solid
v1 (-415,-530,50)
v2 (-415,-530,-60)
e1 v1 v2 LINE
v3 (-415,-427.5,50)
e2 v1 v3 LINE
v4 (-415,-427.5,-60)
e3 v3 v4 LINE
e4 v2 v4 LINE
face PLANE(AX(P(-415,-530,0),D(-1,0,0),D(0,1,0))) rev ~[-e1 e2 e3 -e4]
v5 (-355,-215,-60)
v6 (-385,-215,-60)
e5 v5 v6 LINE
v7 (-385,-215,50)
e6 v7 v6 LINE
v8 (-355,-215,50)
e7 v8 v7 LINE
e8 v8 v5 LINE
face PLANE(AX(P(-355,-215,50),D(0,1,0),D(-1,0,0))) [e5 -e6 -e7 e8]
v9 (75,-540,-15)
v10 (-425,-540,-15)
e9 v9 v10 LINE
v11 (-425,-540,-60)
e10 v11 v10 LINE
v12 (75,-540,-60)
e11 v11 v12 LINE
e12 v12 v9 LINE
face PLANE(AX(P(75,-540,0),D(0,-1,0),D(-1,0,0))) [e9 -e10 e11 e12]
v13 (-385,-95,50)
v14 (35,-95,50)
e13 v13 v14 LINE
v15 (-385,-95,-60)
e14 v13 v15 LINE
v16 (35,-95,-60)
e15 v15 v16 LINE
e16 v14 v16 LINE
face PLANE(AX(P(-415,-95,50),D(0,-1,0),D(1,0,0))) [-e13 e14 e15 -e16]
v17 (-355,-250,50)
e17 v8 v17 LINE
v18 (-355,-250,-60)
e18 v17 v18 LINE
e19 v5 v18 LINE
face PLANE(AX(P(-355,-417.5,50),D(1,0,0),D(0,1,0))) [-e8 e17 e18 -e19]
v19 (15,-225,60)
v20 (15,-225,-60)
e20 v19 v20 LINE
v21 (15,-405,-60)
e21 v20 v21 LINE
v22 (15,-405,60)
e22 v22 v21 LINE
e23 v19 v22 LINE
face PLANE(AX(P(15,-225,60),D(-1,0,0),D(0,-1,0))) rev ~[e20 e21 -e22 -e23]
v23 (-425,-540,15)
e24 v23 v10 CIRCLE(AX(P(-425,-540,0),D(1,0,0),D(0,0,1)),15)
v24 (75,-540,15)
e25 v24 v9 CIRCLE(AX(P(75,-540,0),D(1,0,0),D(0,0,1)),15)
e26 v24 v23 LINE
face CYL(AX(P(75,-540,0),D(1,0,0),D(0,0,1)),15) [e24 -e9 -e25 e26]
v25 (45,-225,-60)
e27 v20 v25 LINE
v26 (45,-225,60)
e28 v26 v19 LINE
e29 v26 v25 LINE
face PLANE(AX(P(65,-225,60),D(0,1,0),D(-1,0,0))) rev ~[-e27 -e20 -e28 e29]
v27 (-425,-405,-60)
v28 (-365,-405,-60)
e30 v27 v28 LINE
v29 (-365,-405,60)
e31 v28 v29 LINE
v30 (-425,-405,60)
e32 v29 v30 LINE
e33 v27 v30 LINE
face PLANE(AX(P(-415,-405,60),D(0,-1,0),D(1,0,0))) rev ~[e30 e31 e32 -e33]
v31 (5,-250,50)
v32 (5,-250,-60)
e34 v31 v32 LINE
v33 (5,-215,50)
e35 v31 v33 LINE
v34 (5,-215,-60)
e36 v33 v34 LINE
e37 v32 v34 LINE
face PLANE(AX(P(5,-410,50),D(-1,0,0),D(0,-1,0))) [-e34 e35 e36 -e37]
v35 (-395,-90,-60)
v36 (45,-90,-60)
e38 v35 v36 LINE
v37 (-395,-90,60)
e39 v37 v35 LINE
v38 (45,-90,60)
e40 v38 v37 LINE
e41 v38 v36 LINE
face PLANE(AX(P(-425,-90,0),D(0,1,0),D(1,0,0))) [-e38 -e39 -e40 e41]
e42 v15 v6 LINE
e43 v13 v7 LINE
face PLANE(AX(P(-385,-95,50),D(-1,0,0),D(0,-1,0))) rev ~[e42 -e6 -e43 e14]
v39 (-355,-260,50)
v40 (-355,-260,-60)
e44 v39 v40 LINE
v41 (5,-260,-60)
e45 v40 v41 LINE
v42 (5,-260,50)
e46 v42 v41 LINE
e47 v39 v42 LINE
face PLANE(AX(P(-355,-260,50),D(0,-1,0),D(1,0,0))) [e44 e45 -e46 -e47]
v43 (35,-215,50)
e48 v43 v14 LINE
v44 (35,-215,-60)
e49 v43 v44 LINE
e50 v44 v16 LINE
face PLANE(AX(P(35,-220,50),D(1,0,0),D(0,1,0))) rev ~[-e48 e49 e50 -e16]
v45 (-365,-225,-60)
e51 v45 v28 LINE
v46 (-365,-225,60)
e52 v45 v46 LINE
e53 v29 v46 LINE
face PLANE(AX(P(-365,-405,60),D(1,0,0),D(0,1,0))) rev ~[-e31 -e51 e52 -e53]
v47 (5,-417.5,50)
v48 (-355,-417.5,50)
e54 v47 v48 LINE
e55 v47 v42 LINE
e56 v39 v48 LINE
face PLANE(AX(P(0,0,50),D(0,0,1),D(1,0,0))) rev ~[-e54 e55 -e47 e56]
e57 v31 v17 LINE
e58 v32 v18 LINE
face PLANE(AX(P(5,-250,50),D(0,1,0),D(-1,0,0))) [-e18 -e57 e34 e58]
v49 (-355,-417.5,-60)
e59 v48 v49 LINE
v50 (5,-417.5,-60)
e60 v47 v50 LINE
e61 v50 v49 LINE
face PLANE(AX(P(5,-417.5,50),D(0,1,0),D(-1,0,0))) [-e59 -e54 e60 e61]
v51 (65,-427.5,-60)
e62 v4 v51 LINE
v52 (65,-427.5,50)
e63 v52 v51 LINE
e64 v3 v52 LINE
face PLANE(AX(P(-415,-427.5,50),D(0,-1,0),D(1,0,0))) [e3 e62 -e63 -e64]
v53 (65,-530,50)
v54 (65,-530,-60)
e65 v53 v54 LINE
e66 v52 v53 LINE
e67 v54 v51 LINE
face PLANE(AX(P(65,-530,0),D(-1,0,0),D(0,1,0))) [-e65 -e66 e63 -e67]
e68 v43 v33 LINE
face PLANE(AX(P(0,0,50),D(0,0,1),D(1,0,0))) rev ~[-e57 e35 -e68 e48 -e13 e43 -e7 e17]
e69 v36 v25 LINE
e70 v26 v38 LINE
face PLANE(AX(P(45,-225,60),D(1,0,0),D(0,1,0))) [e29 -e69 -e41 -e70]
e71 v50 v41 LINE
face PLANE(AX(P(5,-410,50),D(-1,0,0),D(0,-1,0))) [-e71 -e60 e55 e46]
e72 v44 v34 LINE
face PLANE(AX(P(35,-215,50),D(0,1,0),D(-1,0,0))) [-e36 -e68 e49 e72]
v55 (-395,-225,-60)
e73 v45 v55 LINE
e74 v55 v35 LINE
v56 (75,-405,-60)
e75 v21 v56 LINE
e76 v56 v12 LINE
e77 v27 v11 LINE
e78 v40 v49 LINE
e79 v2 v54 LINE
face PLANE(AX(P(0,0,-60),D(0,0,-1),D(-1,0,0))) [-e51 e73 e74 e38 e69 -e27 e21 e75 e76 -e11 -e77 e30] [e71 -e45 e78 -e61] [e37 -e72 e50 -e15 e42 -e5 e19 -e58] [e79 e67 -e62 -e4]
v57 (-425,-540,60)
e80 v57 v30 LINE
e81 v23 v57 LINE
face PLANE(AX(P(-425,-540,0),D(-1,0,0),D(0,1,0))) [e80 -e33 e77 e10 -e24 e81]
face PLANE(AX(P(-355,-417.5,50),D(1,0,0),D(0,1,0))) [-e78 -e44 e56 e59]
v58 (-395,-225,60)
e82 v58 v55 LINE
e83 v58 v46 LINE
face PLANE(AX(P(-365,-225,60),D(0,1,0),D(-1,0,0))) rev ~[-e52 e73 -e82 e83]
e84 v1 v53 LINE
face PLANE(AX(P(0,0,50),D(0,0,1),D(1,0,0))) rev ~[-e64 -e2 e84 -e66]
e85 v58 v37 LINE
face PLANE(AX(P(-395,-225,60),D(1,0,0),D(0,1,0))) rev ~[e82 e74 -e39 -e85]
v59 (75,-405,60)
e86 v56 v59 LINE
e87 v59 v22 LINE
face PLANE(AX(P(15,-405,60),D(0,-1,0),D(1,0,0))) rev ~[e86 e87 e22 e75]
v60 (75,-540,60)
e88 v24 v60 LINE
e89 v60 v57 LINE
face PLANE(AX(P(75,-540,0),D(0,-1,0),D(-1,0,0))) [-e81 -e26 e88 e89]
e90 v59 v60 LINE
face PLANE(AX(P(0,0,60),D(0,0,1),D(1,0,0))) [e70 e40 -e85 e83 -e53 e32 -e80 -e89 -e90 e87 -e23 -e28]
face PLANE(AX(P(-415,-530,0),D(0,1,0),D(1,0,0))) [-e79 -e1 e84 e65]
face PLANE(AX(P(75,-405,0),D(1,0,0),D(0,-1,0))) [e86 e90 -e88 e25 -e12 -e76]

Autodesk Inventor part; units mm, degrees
ref_plane "YZ Plane" through (0, 0, 0) normal (1, 0, 0) x (0, 1, 0)
ref_plane "XZ Plane" through (0, 0, 0) normal (0, 1, 0) x (-1, 0, 0)
ref_plane "XY Plane" through (0, 0, 0) normal (0, 0, 1) x (1, 0, 0)
ref_plane "РабПлоскость1" through (519.783, -178.5074, 484.3845) normal (-0.0032, 1, 0.0035) x (-0.0024, 0.0035, -1)
sketch "Эскиз1" plane through (0, 0, 0) normal (0, 0, 1) x (-1, 0, 0)
  line L0 (0, 0) -> (0, 90)
  line L1 (0, 90) -> (-25, 90)
  line L2 (-25, 90) -> (-75, 90)
  line L3 (-75, 90) -> (-75, 540)
  line L4 (-75, 540) -> (425, 540)
  line L5 (425, 540) -> (425, 90)
  line L6 (425, 90) -> (-75, 90)
  line L7 (175, 315) -> (425, 315)
  line L8 (175, 315) -> (-75, 315)
  line L9 (425, 315) -> (425, 405)
  line L10 (425, 405) -> (365, 405)
  line L11 (365, 405) -> (365, 225)
  line L12 (365, 225) -> (425, 225)
  line L13 (-75, 315) -> (-75, 405)
  line L14 (-75, 405) -> (-15, 405)
  line L15 (-15, 405) -> (-15, 225)
  line L16 (-15, 225) -> (-75, 225)
  line L17 (0, 90) -> (0, 100)
  line L18 (0, 100) -> (-65, 100)
  line L19 (0, 100) -> (415, 100)
  line L20 (425, 540) -> (415, 540)
  line L21 (415, 530) -> (415, 100)
  line L22 (425, 540) -> (425, 530)
  line L23 (415, 530) -> (-65, 530)
  line L24 (-75, 540) -> (-65, 540)
  line L25 (-65, 530) -> (-65, 100)
  point P0 (415, 405)
  point P1 (-65, 405)
  point P2 (-65, 225)
  point P3 (415, 225)
  dimension "d0" = 90
  dimension "d1" = 25
  dimension "d2" = 50
  dimension "d3" = 450
  dimension "d4" = 500
  dimension "d5" = 90
  dimension "d6" = 60
  dimension "d7" = 180
  dimension "d8" = 60
  dimension "d35" = 10
  dimension "d36" = 10
  dimension "d37" = 10
ref_plane "РабПлоскость2" through (0, 0, 60) normal (0, 0, 1) x (1, 0, 0)
extrude "Выдавливание6" add sketch "Эскиз1" along normal mid plane 120 contours L17 L19 L21 L12 L5 L6 | L1 L2 L3 L16 L25 L18 L17 | L10 L21 L23 L25 L14 L3 L4 L5
sketch "Эскиз7" plane through (0, 0, 60) normal (0, 0, 1) x (1, 0, 0)
  line L0 (-415, -100) -> (65, -100) projected
  line L1 (-415, -100) -> (65, -100)
  line L2 (65, -225) -> (75, -225) projected
  line L3 (65, -100) -> (65, -225)
  line L4 (65, -225) -> (15, -225)
  line L5 (15, -225) -> (15, -405)
  line L6 (15, -405) -> (65, -405)
  line L7 (-415, -530) -> (65, -530) projected
  line L8 (65, -405) -> (65, -530)
  line L9 (65, -530) -> (-415, -530)
  line L10 (-415, -530) -> (-415, -405)
  line L11 (-415, -225) -> (-415, -100)
  line L12 (-415, -405) -> (-365, -405)
  line L13 (-365, -405) -> (-365, -225)
  line L14 (-365, -225) -> (-415, -225)
  point P0 (0, 0)
  dimension "d40" = 50
  dimension "d41" = 180
  dimension "d43" = 50
extrude "Выдавливание7" add sketch "Эскиз7" against normal blind 10
sketch "Эскиз8" plane through (0, 0, 50) normal (0, 0, -1) x (-1, 0, 0)
  line L0 (415, -405) -> (415, -530) projected
  line L1 (365, -225) -> (365, -405) projected
  line L2 (415, -405) -> (365, -405)
  line L3 (365, -405) -> (365, -225)
  line L4 (415, -100) -> (415, -225) projected
  line L5 (365, -225) -> (415, -225)
  line L6 (415, -225) -> (415, -220)
  line L7 (415, -220) -> (355, -220)
  line L8 (355, -220) -> (355, -410)
  line L9 (355, -410) -> (415, -410)
  line L10 (415, -410) -> (415, -405)
  line L11 (425, -405) -> (425, -540) projected
  line L12 (-65, -225) -> (-65, -100) projected
  line L13 (-65, -225) -> (-15, -225) projected
  line L14 (-65, -225) -> (-15, -225)
  line L15 (-15, -225) -> (-15, -405)
  line L16 (-15, -405) -> (-65, -405)
  line L17 (-65, -405) -> (-65, -410)
  line L18 (-65, -410) -> (-5, -410)
  line L19 (-5, -410) -> (-5, -220)
  line L20 (-5, -220) -> (-65, -220)
  point P0 (0, 0)
  dimension "d46" = 5
  dimension "d47" = 60
  dimension "d48" = 190
  dimension "d49" = 5
  dimension "d50" = 60
  dimension "d51" = 190
extrude "Выдавливание8" add sketch "Эскиз8" along normal blind 110
sketch "Эскиз9" plane through (0, 0, 50) normal (0, 0, -1) x (-1, 0, 0)
  line L0 (415, -100) -> (415, -220) projected
  line L1 (415, -100) -> (415, -95)
  line L2 (415, -95) -> (-65, -95)
  line L3 (-65, -220) -> (-65, -100) projected
  line L4 (-65, -95) -> (-65, -100)
  line L5 (-65, -100) -> (415, -100)
  point P0 (0, 0)
  dimension "d54" = 5
extrude "Выдавливание9" cut sketch "Эскиз9" along normal blind 110
sketch "Эскиз10" plane through (0, 0, 50) normal (0, 0, -1) x (-1, 0, 0)
  line L0 (415, -410) -> (415, -427.5)
  line L1 (415, -410) -> (415, -530) projected
  line L2 (415, -427.5) -> (-65, -427.5)
  line L3 (-65, -530) -> (-65, -410) projected
  line L4 (-65, -427.5) -> (-65, -410)
  line L5 (-5, -410) -> (-5, -220) projected
  line L6 (-65, -410) -> (-5, -410)
  line L7 (-5, -410) -> (-5, -417.5)
  line L8 (-5, -417.5) -> (355, -417.5)
  line L9 (355, -410) -> (415, -410) projected
  line L10 (355, -417.5) -> (355, -410)
  line L11 (355, -410) -> (415, -410)
  point P0 (0, 0)
  dimension "d57" = 17.5
  dimension "d58" = 480
  dimension "d59" = 7.5
extrude "Выдавливание10" add sketch "Эскиз10" along normal blind 110
sketch "Эскиз11" plane through (0, 0, 50) normal (0, 0, -1) x (-1, 0, 0)
  line L0 (355, -220) -> (355, -417.5) projected
  line L1 (355, -220) -> (355, -260)
  line L2 (355, -260) -> (-5, -260)
  line L3 (-5, -220) -> (-5, -417.5) projected
  line L4 (-5, -260) -> (-5, -250)
  line L5 (-5, -250) -> (355, -250)
  point P0 (0, 0)
  dimension "d62" = 40
  dimension "d63" = 10
extrude "Выдавливание11" add sketch "Эскиз11" along normal blind 110
sketch "Эскиз12" plane through (0, 0, 60) normal (0, 0, 1) x (1, 0, 0)
  line L0 (15, -225) -> (75, -225) projected
  line L1 (75, -90) -> (-425, -90) projected
  line L2 (75, -225) -> (45, -225)
  line L3 (45, -225) -> (45, -90)
  line L4 (45, -90) -> (75, -90)
  line L5 (75, -90) -> (75, -225)
  line L6 (-425, -225) -> (-365, -225) projected
  line L7 (-425, -225) -> (-395, -225)
  line L8 (-395, -225) -> (-395, -90)
  line L9 (-395, -90) -> (-425, -90)
  line L10 (-425, -90) -> (-425, -225)
  point P0 (0, 0)
  dimension "d66" = 30
extrude "Выдавливание12" cut sketch "Эскиз12" against normal blind 120
sketch "Эскиз13" plane through (0, 0, 50) normal (0, 0, -1) x (-1, 0, 0)
  line L0 (-45, -95) -> (-45, -220) projected
  line L1 (395, -95) -> (-45, -95) projected
  line L2 (-45, -220) -> (-35, -220)
  line L3 (-35, -220) -> (-35, -95)
  line L4 (-35, -95) -> (-45, -95)
  line L5 (-45, -95) -> (-45, -220)
  line L6 (395, -95) -> (385, -95)
  line L7 (385, -95) -> (385, -220)
  line L8 (385, -220) -> (395, -220)
  line L9 (395, -220) -> (395, -95)
  point P0 (0, 0)
  dimension "d69" = 10
  dimension "d70" = 10
extrude "Выдавливание13" add sketch "Эскиз13" along normal blind 110
sketch "Эскиз14" plane through (0, 0, -60) normal (0, 0, -1) x (-1, 0, 0)
  point P0 (0, 0)
sketch "Эскиз15" plane through (75, -540, 60) normal (1, 0, 0) x (0, 0, -1)
  line L0 (0, 135) -> (0, 0) projected
  line L1 (120, 0) -> (120, 135) projected
  line L2 (0, 0) -> (120, 0)
  line L3 (120, 0) -> (60, 0)
  arc A0 (45, 0) -> (75, 0) centre (60, 0) ccw
  point P0 (60, 540)
  dimension "d73" = 60
  dimension "d74" = 30
extrude "Выдавливание14" add sketch "Эскиз15" against normal blind 500
sketch "Эскиз16" plane through (0, 0, 50) normal (0, 0, -1) x (-1, 0, 0)
  line L0 (-35, -220) -> (-35, -95) projected
  line L1 (-35, -220) -> (-35, -215)
  line L2 (-35, -215) -> (-5, -215)
  line L3 (-5, -220) -> (-35, -220) projected
  line L4 (-5, -215) -> (-5, -220)
  line L5 (-5, -220) -> (-35, -220)
  line L6 (385, -220) -> (355, -220) projected
  line L7 (355, -220) -> (355, -215)
  line L8 (355, -215) -> (385, -215)
  line L9 (385, -95) -> (385, -220) projected
  line L10 (385, -215) -> (385, -220)
  line L11 (355, -220) -> (385, -220)
  point P0 (0, 0)
  dimension "d77" = 5
extrude "Выдавливание15" add sketch "Эскиз16" along normal blind 110
properties part number "ОсноваКорпуса" material "Титан"
